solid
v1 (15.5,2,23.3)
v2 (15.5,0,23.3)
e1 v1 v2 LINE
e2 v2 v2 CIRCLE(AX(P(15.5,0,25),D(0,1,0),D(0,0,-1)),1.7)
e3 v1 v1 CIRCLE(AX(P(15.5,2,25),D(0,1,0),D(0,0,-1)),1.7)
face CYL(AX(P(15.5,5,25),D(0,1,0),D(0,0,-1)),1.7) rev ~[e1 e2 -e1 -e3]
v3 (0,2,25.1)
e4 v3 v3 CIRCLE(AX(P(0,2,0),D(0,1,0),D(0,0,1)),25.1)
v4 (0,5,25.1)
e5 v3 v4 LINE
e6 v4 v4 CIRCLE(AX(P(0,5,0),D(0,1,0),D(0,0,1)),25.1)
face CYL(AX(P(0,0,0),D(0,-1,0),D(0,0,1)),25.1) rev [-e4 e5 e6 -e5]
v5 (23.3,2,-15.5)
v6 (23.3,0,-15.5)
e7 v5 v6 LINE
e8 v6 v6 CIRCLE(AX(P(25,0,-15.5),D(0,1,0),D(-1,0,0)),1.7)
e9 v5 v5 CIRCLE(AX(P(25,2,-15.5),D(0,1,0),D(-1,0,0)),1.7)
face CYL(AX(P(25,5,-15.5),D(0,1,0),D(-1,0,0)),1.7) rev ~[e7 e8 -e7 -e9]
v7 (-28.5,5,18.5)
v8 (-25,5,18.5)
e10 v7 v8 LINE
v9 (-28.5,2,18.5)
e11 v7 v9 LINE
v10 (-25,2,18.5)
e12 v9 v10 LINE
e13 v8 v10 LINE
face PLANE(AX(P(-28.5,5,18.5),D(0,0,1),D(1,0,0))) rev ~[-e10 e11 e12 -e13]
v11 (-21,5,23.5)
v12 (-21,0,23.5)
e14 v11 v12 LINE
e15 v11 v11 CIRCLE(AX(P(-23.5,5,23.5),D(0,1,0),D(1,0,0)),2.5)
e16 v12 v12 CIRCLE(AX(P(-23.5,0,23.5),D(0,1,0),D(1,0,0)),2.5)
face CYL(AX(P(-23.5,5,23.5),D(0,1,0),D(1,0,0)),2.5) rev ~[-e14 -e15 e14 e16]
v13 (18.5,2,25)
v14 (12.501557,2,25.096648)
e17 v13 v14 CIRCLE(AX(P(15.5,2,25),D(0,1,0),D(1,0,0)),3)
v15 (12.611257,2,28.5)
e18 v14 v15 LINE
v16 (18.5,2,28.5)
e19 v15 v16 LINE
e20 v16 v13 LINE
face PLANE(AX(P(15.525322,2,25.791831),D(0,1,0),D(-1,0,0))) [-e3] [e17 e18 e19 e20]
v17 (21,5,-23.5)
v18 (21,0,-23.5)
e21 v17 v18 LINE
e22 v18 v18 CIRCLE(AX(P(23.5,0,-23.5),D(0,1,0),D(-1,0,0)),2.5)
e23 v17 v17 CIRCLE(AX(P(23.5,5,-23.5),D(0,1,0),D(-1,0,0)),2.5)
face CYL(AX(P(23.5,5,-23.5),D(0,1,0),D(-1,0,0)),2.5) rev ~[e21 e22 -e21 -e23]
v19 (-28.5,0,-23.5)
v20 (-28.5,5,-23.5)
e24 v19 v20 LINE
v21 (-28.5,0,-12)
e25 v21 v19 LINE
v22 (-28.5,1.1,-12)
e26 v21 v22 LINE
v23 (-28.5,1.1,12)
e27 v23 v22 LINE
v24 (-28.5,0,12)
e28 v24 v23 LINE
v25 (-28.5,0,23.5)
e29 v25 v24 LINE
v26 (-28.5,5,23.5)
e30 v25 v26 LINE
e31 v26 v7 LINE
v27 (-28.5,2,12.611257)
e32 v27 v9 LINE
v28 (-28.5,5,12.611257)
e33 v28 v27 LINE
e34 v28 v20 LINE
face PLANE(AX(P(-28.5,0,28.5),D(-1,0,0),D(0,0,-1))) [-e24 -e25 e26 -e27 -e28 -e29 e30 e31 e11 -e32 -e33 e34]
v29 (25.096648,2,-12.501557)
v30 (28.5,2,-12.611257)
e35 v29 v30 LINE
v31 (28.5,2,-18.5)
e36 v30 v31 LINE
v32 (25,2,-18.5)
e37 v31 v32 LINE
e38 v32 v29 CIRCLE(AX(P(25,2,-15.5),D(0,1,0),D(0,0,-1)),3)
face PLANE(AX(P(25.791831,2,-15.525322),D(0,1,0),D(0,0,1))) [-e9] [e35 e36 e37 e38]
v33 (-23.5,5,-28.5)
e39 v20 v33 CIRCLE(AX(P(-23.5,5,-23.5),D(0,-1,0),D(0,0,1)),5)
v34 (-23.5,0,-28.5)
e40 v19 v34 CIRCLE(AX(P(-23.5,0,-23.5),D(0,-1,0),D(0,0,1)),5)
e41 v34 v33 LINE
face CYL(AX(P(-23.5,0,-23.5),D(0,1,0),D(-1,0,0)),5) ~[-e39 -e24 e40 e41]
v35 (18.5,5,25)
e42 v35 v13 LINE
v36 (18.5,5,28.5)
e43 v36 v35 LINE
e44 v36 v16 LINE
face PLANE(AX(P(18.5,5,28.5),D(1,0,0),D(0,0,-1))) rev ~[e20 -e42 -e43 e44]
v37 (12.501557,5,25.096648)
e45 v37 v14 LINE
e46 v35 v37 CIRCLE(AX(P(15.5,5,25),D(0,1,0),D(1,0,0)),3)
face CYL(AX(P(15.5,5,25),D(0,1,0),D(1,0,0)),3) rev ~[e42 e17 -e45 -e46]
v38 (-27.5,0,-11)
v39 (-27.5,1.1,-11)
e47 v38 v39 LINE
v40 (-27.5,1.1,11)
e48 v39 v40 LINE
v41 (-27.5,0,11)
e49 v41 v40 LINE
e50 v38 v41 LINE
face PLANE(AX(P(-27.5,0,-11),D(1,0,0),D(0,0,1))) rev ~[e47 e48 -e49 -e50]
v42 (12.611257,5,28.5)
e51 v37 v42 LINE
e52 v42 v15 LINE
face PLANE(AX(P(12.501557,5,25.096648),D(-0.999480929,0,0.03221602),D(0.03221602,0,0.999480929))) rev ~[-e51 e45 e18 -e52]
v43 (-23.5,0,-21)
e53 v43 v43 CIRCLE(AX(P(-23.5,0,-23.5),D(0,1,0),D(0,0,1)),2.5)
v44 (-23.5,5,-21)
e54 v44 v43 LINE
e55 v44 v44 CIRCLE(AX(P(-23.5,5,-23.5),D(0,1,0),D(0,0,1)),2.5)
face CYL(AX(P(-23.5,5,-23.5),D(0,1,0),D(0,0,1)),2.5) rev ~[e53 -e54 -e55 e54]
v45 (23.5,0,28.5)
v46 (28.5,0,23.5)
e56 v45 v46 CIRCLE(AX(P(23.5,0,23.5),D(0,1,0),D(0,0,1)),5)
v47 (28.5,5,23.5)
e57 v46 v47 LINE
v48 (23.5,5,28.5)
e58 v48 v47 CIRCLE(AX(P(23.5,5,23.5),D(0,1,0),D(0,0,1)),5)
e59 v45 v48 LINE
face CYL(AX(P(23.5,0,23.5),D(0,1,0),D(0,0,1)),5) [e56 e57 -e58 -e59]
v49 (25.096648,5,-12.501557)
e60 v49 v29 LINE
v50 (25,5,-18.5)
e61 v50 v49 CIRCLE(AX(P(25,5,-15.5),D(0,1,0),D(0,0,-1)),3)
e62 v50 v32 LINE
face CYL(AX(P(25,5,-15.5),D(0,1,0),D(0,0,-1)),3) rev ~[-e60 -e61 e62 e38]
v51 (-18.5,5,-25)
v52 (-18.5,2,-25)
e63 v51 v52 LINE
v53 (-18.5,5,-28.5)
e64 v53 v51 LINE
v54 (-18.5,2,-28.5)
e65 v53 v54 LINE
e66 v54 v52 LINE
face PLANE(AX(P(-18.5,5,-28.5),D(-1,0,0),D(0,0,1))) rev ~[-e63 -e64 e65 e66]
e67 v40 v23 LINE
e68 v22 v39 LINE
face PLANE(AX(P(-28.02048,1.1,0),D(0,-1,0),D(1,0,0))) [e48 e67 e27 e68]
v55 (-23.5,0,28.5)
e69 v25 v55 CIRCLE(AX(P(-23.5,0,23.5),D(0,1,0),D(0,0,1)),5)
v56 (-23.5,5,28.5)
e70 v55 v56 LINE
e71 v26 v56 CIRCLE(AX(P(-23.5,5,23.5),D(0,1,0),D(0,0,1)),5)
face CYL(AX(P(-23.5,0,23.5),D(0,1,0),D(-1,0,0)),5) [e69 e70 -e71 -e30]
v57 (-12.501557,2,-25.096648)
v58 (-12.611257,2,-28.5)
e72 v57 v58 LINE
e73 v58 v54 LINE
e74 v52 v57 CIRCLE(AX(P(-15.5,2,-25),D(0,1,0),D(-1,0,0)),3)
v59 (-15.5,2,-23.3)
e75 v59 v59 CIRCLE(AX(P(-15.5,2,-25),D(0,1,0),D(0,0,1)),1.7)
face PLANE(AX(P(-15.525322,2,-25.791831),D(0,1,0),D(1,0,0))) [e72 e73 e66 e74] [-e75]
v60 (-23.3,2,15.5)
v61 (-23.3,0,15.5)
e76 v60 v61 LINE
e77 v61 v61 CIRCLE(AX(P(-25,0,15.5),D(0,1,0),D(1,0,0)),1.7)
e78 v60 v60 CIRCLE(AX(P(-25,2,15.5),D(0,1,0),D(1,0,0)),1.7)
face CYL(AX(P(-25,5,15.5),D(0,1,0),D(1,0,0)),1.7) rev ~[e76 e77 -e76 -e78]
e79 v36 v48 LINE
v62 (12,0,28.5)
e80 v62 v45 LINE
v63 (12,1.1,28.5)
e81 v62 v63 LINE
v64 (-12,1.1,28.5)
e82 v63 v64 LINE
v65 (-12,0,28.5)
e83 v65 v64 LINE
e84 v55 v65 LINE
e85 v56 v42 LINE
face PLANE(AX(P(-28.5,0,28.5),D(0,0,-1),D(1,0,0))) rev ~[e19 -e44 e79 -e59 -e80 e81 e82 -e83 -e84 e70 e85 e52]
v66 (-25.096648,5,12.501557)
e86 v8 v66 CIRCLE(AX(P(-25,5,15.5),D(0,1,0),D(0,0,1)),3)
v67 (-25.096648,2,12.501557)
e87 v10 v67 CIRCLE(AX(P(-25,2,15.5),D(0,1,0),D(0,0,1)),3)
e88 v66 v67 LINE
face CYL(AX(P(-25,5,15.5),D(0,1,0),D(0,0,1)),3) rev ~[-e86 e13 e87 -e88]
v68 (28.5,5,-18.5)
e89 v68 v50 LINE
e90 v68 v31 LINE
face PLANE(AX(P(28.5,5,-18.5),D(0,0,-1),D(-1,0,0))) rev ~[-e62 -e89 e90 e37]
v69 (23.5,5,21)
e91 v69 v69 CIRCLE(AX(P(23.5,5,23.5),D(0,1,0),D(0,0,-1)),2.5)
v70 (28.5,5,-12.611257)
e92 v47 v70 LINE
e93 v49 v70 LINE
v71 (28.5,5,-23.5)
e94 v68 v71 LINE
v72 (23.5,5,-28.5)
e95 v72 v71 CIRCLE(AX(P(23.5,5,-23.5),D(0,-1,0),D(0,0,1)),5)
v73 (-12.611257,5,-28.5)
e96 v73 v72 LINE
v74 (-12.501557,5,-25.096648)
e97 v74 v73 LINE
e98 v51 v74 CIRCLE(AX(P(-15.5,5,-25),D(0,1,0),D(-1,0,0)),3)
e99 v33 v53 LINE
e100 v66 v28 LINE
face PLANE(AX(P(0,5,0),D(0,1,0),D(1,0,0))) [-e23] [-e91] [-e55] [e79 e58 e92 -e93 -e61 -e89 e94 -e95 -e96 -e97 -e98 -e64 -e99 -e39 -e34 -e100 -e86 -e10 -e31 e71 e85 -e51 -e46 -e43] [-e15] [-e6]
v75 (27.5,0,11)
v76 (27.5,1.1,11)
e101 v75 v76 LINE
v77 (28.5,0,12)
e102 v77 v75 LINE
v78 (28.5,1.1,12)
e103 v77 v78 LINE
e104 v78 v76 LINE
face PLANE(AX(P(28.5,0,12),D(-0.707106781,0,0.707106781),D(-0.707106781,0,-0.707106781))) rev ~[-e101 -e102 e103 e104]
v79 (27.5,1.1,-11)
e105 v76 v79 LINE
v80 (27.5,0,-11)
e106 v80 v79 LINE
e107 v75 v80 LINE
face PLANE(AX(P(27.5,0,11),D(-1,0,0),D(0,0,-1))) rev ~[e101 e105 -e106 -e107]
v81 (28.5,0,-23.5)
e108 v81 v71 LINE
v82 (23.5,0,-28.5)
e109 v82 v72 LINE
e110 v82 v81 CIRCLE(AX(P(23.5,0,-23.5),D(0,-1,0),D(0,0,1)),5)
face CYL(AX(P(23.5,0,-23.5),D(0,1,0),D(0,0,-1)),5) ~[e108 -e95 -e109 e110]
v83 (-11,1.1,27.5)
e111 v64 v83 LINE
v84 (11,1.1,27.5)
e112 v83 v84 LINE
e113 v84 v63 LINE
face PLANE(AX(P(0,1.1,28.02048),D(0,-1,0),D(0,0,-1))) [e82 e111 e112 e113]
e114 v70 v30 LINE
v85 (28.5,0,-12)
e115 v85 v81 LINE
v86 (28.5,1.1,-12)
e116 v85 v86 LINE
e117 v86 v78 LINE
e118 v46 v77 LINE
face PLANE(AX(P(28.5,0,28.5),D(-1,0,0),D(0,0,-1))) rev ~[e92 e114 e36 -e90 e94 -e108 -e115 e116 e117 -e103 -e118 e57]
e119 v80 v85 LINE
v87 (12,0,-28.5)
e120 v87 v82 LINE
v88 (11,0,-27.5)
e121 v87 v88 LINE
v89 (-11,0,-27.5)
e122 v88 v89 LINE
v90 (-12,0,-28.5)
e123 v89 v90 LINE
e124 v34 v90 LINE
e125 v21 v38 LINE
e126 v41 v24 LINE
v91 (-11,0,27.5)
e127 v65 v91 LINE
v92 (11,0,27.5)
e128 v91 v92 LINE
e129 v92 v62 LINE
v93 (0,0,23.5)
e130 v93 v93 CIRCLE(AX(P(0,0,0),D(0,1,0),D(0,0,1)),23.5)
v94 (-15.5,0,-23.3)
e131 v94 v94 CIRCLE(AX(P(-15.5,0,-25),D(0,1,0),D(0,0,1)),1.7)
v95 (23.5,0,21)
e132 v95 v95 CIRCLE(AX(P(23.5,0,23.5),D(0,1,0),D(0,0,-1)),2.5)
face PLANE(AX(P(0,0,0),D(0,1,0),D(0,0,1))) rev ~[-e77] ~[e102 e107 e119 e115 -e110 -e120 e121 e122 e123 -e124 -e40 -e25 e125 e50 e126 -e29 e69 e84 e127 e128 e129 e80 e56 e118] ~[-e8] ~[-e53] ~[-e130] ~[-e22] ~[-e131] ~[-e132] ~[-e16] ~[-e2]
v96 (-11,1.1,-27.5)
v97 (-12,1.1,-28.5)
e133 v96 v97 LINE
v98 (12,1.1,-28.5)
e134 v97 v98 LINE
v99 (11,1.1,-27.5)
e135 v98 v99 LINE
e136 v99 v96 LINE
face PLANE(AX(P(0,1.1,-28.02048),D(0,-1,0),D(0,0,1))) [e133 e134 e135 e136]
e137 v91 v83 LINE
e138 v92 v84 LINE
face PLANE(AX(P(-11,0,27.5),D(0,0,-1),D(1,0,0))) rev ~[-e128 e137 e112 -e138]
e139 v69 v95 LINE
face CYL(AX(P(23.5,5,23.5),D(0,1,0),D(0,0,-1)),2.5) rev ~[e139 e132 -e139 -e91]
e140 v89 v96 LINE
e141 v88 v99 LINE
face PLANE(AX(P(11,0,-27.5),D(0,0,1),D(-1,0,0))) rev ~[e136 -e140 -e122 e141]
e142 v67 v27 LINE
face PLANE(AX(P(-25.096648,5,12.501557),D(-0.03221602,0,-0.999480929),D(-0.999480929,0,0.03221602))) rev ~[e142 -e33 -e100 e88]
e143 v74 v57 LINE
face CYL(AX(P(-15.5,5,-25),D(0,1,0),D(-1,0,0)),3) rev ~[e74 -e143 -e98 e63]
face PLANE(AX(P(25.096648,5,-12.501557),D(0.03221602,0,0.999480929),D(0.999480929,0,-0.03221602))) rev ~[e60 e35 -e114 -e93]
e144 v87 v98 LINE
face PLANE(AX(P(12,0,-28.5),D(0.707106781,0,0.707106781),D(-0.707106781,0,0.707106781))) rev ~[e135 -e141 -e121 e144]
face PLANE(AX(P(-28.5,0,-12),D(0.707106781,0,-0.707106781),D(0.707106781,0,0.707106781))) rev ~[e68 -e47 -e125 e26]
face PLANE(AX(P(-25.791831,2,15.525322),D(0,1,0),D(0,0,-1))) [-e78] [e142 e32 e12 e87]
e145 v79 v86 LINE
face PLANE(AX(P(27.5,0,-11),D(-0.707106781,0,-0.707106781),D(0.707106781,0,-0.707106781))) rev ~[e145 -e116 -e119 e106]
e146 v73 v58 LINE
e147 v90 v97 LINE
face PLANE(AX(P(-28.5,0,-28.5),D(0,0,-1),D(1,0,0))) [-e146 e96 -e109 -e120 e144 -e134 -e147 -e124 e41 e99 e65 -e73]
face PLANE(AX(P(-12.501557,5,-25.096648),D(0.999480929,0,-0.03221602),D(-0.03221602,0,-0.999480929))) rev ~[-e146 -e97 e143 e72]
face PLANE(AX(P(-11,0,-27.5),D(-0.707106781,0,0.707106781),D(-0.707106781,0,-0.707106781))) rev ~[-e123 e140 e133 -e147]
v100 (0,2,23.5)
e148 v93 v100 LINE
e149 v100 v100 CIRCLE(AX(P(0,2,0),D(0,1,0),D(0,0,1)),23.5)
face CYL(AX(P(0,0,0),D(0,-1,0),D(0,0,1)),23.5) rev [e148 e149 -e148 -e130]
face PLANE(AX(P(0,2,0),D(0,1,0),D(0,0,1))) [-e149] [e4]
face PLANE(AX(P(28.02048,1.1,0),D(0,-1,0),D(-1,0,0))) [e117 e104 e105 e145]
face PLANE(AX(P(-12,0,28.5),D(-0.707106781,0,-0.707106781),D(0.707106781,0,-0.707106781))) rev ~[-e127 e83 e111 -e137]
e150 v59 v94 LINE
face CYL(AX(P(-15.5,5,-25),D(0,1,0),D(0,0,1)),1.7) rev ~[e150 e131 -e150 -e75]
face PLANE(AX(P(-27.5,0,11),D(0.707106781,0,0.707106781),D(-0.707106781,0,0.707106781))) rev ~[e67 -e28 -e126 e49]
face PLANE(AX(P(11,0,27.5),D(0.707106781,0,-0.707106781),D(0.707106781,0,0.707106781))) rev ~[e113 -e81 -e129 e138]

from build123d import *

# Parameters (mm, degrees)
SKETCH1_W           = 57
SKETCH1_H           = 57
SKETCH1_R           = 25.1
BOSS_EXTRUDE1_DEPTH = 5
SKETCH1_3_R         = 25.1
SKETCH1_3_R_2       = 23.5
BOSS_EXTRUDE2_DEPTH = 2
FILLET1_R           = 5
SKETCH2_R           = 2.5
SKETCH2_R_2         = 1.7
CUT_EXTRUDE2_DEPTH  = 41.614036982
SKETCH3_R           = 1.7
CUT_EXTRUDE3_DEPTH  = 3
CUT_EXTRUDE4_DEPTH  = 1.1
CIRPATTERN1_COUNT   = 4


with BuildPart() as part:
    # Sketch1 → Boss-Extrude1 (new body)
    with BuildSketch(Plane(origin=(0, 0, 0), x_dir=(1, 0, 0), z_dir=(0, 1, 0))):
        Rectangle(SKETCH1_W, SKETCH1_H)
        Circle(SKETCH1_R, mode=Mode.SUBTRACT)
    extrude(amount=BOSS_EXTRUDE1_DEPTH)

    # Sketch1<3> → Boss-Extrude2 (add)
    with BuildSketch(Plane(origin=(0, 0, 0), x_dir=(1, 0, 0), z_dir=(0, 1, 0))):
        Circle(SKETCH1_3_R)
        Circle(SKETCH1_3_R_2, mode=Mode.SUBTRACT)
    extrude(amount=BOSS_EXTRUDE2_DEPTH)

    # Fillet1
    fillet1_edges = [part.edges().sort_by_distance(p)[0] for p in [
        (-28.5, 2.5, -28.5),
        (28.5, 2.5, -28.5),
        (-28.5, 2.5, 28.5),
        (28.5, 2.5, 28.5),
    ]]
    fillet(fillet1_edges, radius=FILLET1_R)

    # Sketch2 → Cut-Extrude2 (cut, through all)
    with BuildSketch(Plane(origin=(0, 5, 0), x_dir=(1, 0, 0), z_dir=(0, 1, 0))):
        with Locations((-23.5, 23.5)):
            Circle(SKETCH2_R)
        with Locations((-15.5, 25)):
            Circle(SKETCH2_R_2)
    cut_extrude2 = extrude(amount=-CUT_EXTRUDE2_DEPTH, mode=Mode.SUBTRACT)

    # Sketch3 → Cut-Extrude3 (cut)
    with BuildSketch(Plane(origin=(0, 5, 0), x_dir=(1, 0, 0), z_dir=(0, 1, 0))):
        with BuildLine():
            ThreePointArc((-18.5, 25), (-15.451669698, 22.000389328), (-12.501557212, 25.09664806))
            Line((-12.501557212, 25.09664806), (-12.611256608, 28.5))
            Line((-12.611256608, 28.5), (-18.5, 28.5))
            Line((-18.5, 28.5), (-18.5, 25))
        make_face()
        with Locations((-15.5, 25)):
            Circle(SKETCH3_R, mode=Mode.SUBTRACT)
    cut_extrude3 = extrude(amount=-CUT_EXTRUDE3_DEPTH, mode=Mode.SUBTRACT)

    # Sketch4 → Cut-Extrude4 (cut)
    with BuildSketch(Plane.XZ):
        Polygon((-27.5, -11), (-27.5, 11), (-28.5, 12), (-28.5, -12), align=None)
    cut_extrude4 = extrude(amount=-CUT_EXTRUDE4_DEPTH, mode=Mode.SUBTRACT)

    # CirPattern1: Cut-Extrude2, Cut-Extrude3, Cut-Extrude4 ×4 about axis
    cirpattern1_axis = Axis((0, 2, 0), (0, 1, 0))
    add([cut_extrude2.rotate(cirpattern1_axis, i * 360 / CIRPATTERN1_COUNT) for i in range(1, CIRPATTERN1_COUNT)], mode=Mode.SUBTRACT)
    add([cut_extrude3.rotate(cirpattern1_axis, i * 360 / CIRPATTERN1_COUNT) for i in range(1, CIRPATTERN1_COUNT)], mode=Mode.SUBTRACT)
    add([cut_extrude4.rotate(cirpattern1_axis, i * 360 / CIRPATTERN1_COUNT) for i in range(1, CIRPATTERN1_COUNT)], mode=Mode.SUBTRACT)


solid = part.part
